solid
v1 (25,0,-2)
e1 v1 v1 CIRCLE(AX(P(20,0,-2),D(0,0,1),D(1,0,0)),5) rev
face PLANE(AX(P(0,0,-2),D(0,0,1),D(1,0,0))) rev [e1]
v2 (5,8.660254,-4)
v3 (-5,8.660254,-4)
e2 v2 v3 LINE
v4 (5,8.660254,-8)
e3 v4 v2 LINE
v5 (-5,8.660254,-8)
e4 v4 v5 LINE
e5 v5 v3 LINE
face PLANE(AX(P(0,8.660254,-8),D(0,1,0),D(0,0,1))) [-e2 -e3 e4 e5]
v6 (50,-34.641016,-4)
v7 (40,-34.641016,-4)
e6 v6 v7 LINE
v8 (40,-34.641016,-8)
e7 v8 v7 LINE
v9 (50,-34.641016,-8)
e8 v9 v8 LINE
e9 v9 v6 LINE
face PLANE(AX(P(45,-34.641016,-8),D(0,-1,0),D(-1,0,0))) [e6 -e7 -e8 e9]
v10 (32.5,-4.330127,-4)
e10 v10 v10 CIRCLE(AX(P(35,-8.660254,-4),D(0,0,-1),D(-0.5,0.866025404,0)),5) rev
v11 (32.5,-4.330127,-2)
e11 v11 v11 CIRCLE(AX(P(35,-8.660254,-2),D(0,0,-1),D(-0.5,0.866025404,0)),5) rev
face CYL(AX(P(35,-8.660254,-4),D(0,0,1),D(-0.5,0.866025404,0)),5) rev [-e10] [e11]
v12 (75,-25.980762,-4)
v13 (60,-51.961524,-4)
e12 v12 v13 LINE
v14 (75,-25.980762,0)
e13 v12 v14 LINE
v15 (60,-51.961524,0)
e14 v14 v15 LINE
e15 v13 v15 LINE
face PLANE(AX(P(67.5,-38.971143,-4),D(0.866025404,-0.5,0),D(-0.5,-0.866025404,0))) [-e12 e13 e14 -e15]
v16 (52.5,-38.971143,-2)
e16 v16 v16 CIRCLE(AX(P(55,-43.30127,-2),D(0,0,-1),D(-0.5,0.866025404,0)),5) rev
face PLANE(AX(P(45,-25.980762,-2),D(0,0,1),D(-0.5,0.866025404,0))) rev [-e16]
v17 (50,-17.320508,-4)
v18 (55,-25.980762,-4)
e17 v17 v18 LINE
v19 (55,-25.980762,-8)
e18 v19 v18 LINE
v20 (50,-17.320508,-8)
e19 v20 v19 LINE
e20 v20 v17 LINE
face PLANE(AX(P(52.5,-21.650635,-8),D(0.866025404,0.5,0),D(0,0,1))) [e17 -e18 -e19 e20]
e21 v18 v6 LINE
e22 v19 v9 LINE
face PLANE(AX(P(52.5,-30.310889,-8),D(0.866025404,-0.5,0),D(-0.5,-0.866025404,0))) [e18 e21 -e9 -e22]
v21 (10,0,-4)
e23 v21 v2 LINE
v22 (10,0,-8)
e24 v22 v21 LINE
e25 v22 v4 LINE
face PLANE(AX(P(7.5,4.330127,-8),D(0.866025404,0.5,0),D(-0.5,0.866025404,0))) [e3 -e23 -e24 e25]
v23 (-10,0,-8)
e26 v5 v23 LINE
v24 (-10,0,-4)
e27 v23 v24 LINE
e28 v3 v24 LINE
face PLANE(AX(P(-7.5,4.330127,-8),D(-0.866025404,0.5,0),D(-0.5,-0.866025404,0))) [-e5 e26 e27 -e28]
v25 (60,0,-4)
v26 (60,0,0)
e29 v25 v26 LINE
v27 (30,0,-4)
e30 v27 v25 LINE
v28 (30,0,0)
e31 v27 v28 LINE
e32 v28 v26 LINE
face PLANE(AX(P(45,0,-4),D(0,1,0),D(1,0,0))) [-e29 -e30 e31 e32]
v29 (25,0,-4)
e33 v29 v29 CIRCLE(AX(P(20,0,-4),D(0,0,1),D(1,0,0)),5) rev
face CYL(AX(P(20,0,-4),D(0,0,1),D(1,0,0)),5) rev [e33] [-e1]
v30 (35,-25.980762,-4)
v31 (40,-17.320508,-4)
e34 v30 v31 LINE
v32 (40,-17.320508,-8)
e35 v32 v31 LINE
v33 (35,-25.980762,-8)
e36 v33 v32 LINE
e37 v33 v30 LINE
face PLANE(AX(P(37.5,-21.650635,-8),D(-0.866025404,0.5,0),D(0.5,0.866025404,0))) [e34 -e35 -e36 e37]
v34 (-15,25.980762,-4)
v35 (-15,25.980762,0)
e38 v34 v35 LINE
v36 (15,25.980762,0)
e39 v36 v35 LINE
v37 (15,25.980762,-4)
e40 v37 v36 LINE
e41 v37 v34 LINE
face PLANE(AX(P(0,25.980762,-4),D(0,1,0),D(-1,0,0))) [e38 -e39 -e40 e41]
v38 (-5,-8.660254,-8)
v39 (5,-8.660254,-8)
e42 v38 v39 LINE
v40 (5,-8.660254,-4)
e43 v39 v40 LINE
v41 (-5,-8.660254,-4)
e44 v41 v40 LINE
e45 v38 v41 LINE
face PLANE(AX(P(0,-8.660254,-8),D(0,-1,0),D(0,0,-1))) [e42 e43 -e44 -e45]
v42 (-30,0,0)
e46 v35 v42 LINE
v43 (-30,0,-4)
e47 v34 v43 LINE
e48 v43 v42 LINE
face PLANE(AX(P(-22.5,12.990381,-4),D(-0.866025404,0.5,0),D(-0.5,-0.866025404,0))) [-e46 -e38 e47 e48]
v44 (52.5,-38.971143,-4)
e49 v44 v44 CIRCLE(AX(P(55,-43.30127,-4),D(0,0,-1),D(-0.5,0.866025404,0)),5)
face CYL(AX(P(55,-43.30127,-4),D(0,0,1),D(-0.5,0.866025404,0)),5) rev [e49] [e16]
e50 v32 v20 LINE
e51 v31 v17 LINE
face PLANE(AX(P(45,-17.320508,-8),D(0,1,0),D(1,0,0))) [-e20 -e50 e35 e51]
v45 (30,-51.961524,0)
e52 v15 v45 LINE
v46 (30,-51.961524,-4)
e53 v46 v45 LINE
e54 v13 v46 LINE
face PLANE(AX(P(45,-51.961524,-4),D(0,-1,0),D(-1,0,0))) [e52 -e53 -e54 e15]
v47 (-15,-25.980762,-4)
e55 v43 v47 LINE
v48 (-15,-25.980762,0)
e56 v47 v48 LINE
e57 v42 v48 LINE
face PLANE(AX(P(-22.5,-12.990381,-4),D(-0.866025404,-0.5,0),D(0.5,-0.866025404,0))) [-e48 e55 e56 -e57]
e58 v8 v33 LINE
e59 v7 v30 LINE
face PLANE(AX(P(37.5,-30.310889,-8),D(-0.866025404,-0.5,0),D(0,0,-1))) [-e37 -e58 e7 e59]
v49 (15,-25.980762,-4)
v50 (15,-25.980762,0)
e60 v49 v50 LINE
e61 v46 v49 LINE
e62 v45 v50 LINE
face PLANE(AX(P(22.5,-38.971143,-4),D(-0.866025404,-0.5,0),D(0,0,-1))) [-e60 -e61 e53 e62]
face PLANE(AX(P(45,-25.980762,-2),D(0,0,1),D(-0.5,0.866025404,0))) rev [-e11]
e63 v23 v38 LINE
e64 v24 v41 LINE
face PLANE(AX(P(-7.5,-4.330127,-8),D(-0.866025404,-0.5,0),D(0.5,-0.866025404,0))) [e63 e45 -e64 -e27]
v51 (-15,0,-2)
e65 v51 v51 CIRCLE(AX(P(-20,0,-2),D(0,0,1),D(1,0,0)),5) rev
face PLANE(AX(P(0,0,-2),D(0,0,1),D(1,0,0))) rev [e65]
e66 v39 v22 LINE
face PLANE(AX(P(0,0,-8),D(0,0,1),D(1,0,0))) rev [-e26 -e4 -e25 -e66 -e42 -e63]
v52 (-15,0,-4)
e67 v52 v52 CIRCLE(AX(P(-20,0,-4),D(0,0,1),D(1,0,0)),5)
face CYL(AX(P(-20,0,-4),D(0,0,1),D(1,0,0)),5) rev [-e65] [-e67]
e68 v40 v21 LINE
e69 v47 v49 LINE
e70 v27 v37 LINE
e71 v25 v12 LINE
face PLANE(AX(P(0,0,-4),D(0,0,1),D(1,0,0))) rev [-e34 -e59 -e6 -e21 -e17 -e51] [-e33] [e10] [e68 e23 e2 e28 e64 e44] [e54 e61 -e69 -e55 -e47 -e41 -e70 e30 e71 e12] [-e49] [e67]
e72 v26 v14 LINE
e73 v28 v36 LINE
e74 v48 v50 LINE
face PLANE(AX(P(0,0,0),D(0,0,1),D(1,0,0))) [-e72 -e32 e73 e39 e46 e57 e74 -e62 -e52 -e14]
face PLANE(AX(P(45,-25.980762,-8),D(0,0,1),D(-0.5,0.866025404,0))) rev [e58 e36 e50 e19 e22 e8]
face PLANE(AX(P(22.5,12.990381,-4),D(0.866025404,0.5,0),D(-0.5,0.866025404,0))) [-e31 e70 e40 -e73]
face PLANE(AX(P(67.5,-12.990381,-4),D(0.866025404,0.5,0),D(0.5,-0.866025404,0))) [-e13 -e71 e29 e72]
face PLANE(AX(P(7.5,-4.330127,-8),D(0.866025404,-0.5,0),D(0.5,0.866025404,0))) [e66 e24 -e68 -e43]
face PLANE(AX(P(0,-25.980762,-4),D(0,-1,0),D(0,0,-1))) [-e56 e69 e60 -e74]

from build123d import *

# Parameters (mm, degrees)
SKETCH1_R           = 5
BOSS_EXTRUDE1_DEPTH = 4
BOSS_EXTRUDE2_DEPTH = 8
SKETCH1_5_R         = 5
BOSS_EXTRUDE3_DEPTH = 2


with BuildPart() as part:
    # Sketch1 → Boss-Extrude1 (new body)
    with BuildSketch(Plane.XY):
        Polygon((-30, 0), (-15, -25.980762114), (15, -25.980762114), (30, 0), (15, 25.980762114), (-15, 25.980762114), align=None)
        Polygon((5, -8.660254038), (-5, -8.660254038), (-10, 0), (-5, 8.660254038), (5, 8.660254038), (10, 0), align=None, mode=Mode.SUBTRACT)
        with Locations((-20, 0)):
            Circle(SKETCH1_R, mode=Mode.SUBTRACT)
        with Locations((20, 0)):
            Circle(SKETCH1_R, mode=Mode.SUBTRACT)
    extrude(amount=-BOSS_EXTRUDE1_DEPTH)

    # Sketch1<4> → Boss-Extrude2 (add)
    with BuildSketch(Plane.XY):
        Polygon((-10, 0), (-5, -8.660254038), (5, -8.660254038), (10, 0), (5, 8.660254038), (-5, 8.660254038), align=None)
    extrude(amount=-BOSS_EXTRUDE2_DEPTH)

    # Sketch1<5> → Boss-Extrude3 (add)
    with BuildSketch(Plane.XY):
        with Locations((-20, 0)):
            Circle(SKETCH1_5_R)
        with Locations((20, 0)):
            Circle(SKETCH1_5_R)
    extrude(amount=-BOSS_EXTRUDE3_DEPTH)

    # Mirror1: part across plane


with BuildPart() as part_1:
    add(part.part)
    add(part.part.mirror(Plane(origin=(22.5, -12.990381057, -4), x_dir=(0, 0, 1), z_dir=(0.8660254037844386, -0.5000000000000003, 0))))


solid = part_1.part
